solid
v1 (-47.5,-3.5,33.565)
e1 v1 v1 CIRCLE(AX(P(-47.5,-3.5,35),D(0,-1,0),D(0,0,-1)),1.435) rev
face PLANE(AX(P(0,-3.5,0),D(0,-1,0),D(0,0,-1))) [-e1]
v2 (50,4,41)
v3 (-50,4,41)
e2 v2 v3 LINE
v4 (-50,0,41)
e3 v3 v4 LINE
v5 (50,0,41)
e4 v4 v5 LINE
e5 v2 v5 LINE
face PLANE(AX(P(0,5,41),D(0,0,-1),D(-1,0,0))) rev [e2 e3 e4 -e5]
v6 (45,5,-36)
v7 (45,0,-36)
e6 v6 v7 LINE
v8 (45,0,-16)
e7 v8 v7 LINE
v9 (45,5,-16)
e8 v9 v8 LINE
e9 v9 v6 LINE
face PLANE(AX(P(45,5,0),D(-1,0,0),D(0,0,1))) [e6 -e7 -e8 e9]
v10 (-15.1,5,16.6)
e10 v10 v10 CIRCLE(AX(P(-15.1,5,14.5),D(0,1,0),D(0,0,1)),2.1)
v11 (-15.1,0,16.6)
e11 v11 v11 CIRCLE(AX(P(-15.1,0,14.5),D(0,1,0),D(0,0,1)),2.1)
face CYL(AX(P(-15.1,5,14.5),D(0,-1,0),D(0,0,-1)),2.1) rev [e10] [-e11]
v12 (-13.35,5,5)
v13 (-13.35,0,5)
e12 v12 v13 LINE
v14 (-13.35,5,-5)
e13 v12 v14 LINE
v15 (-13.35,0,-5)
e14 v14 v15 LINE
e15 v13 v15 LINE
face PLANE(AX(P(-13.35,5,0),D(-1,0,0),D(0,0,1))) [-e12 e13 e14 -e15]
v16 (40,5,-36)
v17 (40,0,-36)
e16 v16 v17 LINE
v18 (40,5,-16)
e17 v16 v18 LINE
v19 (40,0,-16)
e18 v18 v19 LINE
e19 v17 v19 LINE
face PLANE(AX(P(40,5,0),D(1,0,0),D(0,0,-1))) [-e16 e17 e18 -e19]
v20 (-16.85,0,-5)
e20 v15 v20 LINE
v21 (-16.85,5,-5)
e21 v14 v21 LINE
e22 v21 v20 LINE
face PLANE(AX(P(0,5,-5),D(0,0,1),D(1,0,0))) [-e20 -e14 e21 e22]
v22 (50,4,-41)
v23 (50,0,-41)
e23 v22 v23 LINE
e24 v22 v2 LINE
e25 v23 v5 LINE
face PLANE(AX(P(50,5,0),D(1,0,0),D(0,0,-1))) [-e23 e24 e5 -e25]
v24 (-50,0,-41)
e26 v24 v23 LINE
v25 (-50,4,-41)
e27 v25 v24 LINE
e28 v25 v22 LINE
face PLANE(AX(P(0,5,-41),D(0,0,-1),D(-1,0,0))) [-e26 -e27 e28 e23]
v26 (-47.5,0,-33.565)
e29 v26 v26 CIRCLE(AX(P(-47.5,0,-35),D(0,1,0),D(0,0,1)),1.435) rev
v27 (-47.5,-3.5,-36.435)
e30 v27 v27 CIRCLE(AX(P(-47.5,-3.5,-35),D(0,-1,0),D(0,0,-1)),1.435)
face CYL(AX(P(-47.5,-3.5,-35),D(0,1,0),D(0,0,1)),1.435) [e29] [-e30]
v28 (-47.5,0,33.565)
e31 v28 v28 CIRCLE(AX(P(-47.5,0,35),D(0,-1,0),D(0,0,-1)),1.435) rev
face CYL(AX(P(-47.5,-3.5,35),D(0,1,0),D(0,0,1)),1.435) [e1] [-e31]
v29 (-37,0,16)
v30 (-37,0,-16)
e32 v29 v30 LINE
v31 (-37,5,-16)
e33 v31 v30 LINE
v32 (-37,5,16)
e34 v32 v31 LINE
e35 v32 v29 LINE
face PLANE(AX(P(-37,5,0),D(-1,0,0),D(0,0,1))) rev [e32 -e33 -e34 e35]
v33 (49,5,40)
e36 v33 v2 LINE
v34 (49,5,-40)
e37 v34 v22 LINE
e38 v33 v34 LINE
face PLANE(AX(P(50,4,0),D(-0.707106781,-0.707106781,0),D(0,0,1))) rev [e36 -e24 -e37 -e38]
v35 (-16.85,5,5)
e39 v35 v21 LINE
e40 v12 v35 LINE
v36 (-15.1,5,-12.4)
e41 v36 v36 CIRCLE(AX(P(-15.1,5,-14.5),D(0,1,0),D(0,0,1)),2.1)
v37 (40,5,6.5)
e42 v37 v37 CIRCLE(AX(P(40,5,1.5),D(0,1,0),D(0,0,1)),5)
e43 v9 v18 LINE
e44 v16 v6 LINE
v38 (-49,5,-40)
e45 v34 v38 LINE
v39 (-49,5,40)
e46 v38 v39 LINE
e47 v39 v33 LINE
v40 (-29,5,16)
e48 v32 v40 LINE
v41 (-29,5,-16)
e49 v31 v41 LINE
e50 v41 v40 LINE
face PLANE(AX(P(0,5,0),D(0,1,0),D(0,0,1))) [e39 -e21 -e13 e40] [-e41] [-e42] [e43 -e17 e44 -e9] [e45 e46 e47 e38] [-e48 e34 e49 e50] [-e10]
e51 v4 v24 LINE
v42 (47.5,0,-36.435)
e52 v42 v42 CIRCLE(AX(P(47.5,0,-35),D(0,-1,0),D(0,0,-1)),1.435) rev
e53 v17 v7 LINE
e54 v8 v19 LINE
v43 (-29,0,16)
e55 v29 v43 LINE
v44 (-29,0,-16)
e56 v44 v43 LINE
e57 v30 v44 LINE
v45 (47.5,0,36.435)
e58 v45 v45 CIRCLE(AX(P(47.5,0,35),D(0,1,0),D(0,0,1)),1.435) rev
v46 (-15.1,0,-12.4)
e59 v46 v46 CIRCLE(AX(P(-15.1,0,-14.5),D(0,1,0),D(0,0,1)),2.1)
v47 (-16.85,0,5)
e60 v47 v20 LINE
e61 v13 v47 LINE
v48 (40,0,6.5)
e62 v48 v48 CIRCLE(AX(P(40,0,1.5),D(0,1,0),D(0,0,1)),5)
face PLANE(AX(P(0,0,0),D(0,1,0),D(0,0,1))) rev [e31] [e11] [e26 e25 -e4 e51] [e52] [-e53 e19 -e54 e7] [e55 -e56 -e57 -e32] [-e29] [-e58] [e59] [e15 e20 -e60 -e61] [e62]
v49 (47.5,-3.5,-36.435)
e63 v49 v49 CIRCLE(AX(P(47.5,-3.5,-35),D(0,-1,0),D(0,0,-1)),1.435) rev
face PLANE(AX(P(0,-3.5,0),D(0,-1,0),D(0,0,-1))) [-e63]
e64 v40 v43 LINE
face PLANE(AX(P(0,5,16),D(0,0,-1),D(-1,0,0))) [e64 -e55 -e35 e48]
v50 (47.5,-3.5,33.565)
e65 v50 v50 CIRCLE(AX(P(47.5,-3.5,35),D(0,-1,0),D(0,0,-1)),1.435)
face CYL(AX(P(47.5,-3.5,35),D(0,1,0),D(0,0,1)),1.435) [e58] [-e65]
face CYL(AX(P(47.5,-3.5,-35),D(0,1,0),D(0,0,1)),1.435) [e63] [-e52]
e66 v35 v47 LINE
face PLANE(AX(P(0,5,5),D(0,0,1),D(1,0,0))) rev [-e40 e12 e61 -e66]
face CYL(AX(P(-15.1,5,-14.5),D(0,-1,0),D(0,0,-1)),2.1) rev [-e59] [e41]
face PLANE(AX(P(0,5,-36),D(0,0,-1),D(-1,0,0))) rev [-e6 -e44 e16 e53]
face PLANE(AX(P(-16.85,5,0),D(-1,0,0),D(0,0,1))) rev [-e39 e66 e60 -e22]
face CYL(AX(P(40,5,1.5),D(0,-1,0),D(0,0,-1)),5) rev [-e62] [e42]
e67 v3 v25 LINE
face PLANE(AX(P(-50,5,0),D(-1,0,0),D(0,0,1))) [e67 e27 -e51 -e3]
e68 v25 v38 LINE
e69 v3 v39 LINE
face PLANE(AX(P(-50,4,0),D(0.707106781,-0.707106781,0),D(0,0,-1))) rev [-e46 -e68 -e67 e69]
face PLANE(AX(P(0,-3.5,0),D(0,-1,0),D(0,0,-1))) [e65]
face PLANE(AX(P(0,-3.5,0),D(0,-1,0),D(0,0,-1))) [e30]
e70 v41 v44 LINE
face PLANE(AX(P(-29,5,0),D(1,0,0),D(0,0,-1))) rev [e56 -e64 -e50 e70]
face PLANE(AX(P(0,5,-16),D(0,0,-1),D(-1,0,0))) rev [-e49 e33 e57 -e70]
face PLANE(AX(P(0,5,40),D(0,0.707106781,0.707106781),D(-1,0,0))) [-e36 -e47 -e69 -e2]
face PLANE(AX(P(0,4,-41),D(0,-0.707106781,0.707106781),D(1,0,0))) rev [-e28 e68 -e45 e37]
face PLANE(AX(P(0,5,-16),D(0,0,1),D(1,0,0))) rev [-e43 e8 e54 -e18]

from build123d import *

# Parameters (mm, degrees)
SKETCH1_R           = 5
SKETCH1_R_2         = 2.1
SKETCH1_W           = 5
SKETCH1_H           = 20
SKETCH1_W_2         = 8
SKETCH1_H_2         = 32
SKETCH1_W_3         = 3.5
SKETCH1_H_3         = 10
BOSS_EXTRUDE1_DEPTH = 5
CHAMFER1_SIZE       = 1
SKETCH3_R           = 1.435
BOSS_EXTRUDE2_DEPTH = 3.5


with BuildPart() as part:
    # Sketch1 → Boss-Extrude1 (new body)
    with BuildSketch(Plane(origin=(0, 0, 0), x_dir=(1, 0, 0), z_dir=(0, 1, 0))):
        Polygon((50, 16), (50, -41), (-50, -41), (-50, 41), (50, 41), (50, 36), align=None)
        with Locations(Location((40, -1.5, 0), (0, 0, 270))):
            Circle(SKETCH1_R, mode=Mode.SUBTRACT)
        with Locations(Location((-15.1, 14.5, 0), (0, 0, 270))):
            Circle(SKETCH1_R_2, mode=Mode.SUBTRACT)
        with Locations(Location((-15.1, -14.5, 0), (0, 0, 270))):
            Circle(SKETCH1_R_2, mode=Mode.SUBTRACT)
        with Locations((42.5, 26)):
            Rectangle(SKETCH1_W, SKETCH1_H, mode=Mode.SUBTRACT)
        with Locations((-33, 0)):
            Rectangle(SKETCH1_W_2, SKETCH1_H_2, mode=Mode.SUBTRACT)
        with Locations((-15.1, 0)):
            Rectangle(SKETCH1_W_3, SKETCH1_H_3, mode=Mode.SUBTRACT)
    extrude(amount=BOSS_EXTRUDE1_DEPTH)

    # Chamfer1
    chamfer1_edges = [part.edges().sort_by_distance(p)[0] for p in [
        (50, 5, 0),
        (0, 5, -41),
        (-50, 5, 0),
        (0, 5, 41),
    ]]
    chamfer(chamfer1_edges, length=CHAMFER1_SIZE)

    # Sketch3 → Boss-Extrude2 (add)
    with BuildSketch(Plane.XZ):
        with Locations(Location((47.5, 35, 0), (0, 0, 90))):
            Circle(SKETCH3_R)
        with Locations(Location((-47.5, 35, 0), (0, 0, 270))):
            Circle(SKETCH3_R)
        with Locations(Location((47.5, -35, 0), (0, 0, 270))):
            Circle(SKETCH3_R)
        with Locations(Location((-47.5, -35, 0), (0, 0, 90))):
            Circle(SKETCH3_R)
    extrude(amount=BOSS_EXTRUDE2_DEPTH)


solid = part.part
